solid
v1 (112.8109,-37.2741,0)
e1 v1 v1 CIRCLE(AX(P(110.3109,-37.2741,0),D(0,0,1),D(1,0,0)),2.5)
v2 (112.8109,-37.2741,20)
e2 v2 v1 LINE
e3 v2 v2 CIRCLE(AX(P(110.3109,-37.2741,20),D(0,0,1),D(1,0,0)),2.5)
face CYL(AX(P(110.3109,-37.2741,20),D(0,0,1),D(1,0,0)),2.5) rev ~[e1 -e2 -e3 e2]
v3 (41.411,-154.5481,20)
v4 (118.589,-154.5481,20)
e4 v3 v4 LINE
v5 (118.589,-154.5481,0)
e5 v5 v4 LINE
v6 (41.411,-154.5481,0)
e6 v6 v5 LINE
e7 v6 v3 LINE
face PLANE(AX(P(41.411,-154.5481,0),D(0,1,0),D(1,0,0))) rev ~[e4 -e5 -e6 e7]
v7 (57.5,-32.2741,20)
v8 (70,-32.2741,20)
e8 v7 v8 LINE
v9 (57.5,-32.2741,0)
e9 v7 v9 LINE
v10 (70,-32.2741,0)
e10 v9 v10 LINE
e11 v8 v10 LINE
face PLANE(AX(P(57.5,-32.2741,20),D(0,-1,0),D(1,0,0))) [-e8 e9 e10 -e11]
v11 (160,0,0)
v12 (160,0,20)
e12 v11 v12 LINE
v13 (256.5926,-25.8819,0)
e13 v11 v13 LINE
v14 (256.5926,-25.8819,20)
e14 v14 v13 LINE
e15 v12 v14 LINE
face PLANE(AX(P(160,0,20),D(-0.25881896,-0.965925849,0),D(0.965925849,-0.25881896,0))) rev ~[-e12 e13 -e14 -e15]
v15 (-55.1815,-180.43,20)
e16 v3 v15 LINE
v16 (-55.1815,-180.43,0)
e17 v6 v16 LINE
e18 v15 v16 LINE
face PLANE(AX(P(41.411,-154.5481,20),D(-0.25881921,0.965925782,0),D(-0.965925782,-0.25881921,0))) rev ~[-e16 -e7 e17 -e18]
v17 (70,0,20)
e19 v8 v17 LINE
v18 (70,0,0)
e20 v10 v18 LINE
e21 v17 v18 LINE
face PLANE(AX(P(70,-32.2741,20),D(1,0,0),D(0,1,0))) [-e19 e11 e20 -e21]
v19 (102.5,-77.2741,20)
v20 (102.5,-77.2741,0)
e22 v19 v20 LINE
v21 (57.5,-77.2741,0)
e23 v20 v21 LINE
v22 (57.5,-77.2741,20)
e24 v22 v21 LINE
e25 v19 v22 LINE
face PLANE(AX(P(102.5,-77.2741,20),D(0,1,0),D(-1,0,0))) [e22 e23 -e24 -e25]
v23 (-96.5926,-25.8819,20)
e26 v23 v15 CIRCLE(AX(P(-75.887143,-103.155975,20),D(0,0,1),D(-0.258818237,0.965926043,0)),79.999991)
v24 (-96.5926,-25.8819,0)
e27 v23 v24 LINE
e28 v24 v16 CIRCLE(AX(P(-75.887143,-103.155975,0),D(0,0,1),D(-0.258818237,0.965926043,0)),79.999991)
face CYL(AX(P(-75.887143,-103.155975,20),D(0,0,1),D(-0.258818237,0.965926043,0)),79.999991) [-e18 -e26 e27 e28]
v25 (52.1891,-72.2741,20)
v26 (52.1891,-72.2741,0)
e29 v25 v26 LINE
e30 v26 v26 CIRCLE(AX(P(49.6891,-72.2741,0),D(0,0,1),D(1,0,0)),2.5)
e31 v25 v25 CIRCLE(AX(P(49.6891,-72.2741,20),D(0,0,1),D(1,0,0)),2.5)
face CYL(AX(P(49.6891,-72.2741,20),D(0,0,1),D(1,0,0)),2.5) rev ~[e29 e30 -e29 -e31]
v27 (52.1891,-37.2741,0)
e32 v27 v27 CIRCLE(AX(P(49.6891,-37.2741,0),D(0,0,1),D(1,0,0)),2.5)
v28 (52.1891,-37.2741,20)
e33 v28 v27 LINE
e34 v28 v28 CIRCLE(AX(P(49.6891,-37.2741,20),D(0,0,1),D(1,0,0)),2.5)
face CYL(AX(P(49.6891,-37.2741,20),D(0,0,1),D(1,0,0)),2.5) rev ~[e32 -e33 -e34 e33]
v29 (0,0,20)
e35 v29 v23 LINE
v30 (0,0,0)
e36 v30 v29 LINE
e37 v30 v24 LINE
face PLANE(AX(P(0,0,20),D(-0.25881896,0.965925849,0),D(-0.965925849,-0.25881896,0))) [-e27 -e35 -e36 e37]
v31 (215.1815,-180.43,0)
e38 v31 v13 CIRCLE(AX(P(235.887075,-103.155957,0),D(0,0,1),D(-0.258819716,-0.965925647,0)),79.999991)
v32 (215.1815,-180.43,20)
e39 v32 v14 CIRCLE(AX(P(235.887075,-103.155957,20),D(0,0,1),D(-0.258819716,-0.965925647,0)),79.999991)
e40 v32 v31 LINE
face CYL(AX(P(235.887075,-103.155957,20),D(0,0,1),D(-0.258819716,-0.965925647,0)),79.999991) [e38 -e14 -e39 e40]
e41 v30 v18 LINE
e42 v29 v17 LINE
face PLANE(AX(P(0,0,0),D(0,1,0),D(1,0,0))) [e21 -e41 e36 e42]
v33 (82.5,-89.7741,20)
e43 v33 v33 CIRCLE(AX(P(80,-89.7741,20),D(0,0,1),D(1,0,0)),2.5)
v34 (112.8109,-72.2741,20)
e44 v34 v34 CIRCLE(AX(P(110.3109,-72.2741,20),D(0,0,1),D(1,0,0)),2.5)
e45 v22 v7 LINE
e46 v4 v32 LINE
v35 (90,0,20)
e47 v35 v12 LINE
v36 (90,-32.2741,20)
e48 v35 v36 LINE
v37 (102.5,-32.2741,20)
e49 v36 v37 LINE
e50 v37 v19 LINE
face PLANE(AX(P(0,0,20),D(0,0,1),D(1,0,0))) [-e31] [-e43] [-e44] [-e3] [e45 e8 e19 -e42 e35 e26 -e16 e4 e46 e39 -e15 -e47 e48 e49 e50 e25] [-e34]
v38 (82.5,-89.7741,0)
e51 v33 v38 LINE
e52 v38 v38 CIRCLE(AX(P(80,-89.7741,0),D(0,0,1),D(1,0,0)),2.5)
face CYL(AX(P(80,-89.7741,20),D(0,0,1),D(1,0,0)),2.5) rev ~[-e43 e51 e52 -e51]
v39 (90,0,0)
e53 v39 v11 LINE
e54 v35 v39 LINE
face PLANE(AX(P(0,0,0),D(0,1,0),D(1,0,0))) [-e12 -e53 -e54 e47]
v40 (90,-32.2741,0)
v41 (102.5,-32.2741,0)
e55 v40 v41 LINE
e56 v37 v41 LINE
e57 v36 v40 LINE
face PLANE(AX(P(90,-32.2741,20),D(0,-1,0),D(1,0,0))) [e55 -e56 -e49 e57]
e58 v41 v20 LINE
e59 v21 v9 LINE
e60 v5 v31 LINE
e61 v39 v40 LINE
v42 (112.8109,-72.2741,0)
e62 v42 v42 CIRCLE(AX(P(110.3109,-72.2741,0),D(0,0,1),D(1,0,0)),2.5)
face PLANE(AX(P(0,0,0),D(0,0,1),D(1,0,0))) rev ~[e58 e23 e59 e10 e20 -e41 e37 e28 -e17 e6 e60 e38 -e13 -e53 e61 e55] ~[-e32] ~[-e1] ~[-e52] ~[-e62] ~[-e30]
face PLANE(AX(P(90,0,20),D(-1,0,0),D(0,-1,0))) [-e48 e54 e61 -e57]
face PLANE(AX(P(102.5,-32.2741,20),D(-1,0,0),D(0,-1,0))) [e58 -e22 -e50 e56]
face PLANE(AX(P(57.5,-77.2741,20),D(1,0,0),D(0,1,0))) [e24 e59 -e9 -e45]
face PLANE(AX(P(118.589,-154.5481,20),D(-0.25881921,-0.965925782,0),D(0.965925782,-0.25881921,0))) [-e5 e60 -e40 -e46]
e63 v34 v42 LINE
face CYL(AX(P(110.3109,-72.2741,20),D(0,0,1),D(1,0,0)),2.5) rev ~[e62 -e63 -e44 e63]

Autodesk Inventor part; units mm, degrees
ref_plane "YZ Plane" through (0, 0, 0) normal (1, 0, 0) x (0, 1, 0)
ref_plane "XZ Plane" through (0, 0, 0) normal (0, 1, 0) x (-1, 0, 0)
ref_plane "XY Plane" through (0, 0, 0) normal (0, 0, 1) x (1, 0, 0)
sketch "Sketch1" plane through (0, 0, 0) normal (0, 0, 1) x (1, 0, 0)
  line L0 (0, 0) -> (160, 0)
  line L1 (160, 0) -> (118.589, -154.5481)
  line L2 (0, 0) -> (41.411, -154.5481)
  line L3 (41.411, -154.5481) -> (118.589, -154.5481)
  dimension "d0" = 160
  dimension "d1" = 160
  dimension "d2" = 160
  dimension "d3" = 75
  dimension "d4" = 75
extrude "Extrusion1" add sketch "Sketch1" along normal blind 20
sketch "Sketch3" plane through (0, 0, 20) normal (0, 0, 1) x (1, 0, 0)
  line L0 (57.5, -32.2741) -> (102.5, -32.2741)
  line L1 (102.5, -32.2741) -> (102.5, -77.2741)
  line L2 (102.5, -77.2741) -> (57.5, -77.2741)
  line L3 (57.5, -77.2741) -> (57.5, -32.2741)
  line L4 (0, 0) -> (41.411, -154.5481) projected
  line L5 (160, 0) -> (0, 0) projected
  line L6 (70, 0) -> (90, 0)
  line L7 (90, 0) -> (90, -32.2741)
  line L8 (90, -32.2741) -> (70, -32.2741)
  line L9 (70, -32.2741) -> (70, 0)
  point P0 (20.7055, -77.2741)
  point P1 (80, 0)
  point P2 (80, -32.2741)
  point P3 (80, -32.2741)
  point P4 (80, 0)
  dimension "d10" = 45
  dimension "d11" = 45
  dimension "d14" = 20
extrude "Extrusion3" cut sketch "Sketch3" against normal blind 40
sketch "Sketch4" plane through (0, 0, 20) normal (0, 0, 1) x (1, 0, 0)
  line L0 (70, -32.2741) -> (70, 0) projected
  line L1 (70, 0) -> (0, 0) projected
  line L2 (0, 0) -> (41.411, -154.5481) projected
  line L3 (41.411, -154.5481) -> (118.589, -154.5481) projected
  line L4 (118.589, -154.5481) -> (160, 0) projected
  line L5 (160, 0) -> (90, 0) projected
  line L6 (90, 0) -> (90, -32.2741) projected
  line L7 (90, -32.2741) -> (102.5, -32.2741) projected
  line L8 (102.5, -32.2741) -> (102.5, -77.2741) construction
  line L9 (102.5, -77.2741) -> (57.5, -77.2741) projected
  line L10 (57.5, -77.2741) -> (57.5, -32.2741) projected
  line L11 (57.5, -32.2741) -> (70, -32.2741) projected
  line L12 (57.5, -77.2741) -> (102.5, -77.2741) construction
  line L13 (102.5, -77.2741) -> (102.5, -32.2741)
  line L14 (102.5, -32.2741) -> (57.5, -32.2741) construction
  line L15 (57.5, -32.2741) -> (57.5, -77.2741) construction
  line L16 (57.5, -77.2741) -> (102.5, -32.2741) construction
  line L17 (102.5, -77.2741) -> (57.5, -32.2741) construction
  circle A0 centre (80, -19.7741) radius 2.5
  circle A1 centre (49.6891, -37.2741) radius 2.5
  circle A2 centre (49.6891, -72.2741) radius 2.5
  circle A3 centre (80, -89.7741) radius 2.5
  circle A4 centre (110.3109, -72.2741) radius 2.5
  circle A5 centre (110.3109, -37.2741) radius 2.5
  point P0 (80, -54.7741)
  point P1 (80, -54.7741)
  dimension "d15" = 45
  dimension "d16" = 45
  dimension "d17" = 5
  dimension "d18" = 35
  dimension "d21" = 360
extrude "Extrusion4" cut sketch "Sketch4" against normal through all contours A1 | A2 | A3 | A4 | A5
sketch "Sketch5" plane through (0, 0, 20) normal (0, 0, 1) x (1, 0, 0)
  line L0 (160, 0) -> (90, 0) projected
  line L1 (160, 0) -> (256.5926, -25.8819)
  line L2 (118.589, -154.5481) -> (41.411, -154.5481) projected
  line L3 (118.589, -154.5481) -> (215.1815, -180.43)
  circle A0 centre (235.8871, -103.156) radius 80 construction
  arc A1 (215.1815, -180.43) -> (256.5926, -25.8819) centre (235.8871, -103.156) ccw
  line L4 (160, 0) -> (118.589, -154.5481)
  line L5 (0, 0) -> (41.411, -154.5481) projected
  line L6 (0, 0) -> (-96.5926, -25.8819)
  line L7 (41.411, -154.5481) -> (118.589, -154.5481) projected
  line L8 (41.411, -154.5481) -> (-55.1815, -180.43)
  circle A2 centre (-75.8871, -103.156) radius 80 construction
  arc A3 (-96.5926, -25.8819) -> (-55.1815, -180.43) centre (-75.8871, -103.156) ccw
  dimension "d25" = 100
  dimension "d26" = 100
  dimension "d27" = 160
  dimension "d30" = 100
  dimension "d31" = 100
  dimension "d32" = 160
extrude "Extrusion5" add sketch "Sketch5" against normal blind 20
properties part number "HA002" material "ABS Plastic"
